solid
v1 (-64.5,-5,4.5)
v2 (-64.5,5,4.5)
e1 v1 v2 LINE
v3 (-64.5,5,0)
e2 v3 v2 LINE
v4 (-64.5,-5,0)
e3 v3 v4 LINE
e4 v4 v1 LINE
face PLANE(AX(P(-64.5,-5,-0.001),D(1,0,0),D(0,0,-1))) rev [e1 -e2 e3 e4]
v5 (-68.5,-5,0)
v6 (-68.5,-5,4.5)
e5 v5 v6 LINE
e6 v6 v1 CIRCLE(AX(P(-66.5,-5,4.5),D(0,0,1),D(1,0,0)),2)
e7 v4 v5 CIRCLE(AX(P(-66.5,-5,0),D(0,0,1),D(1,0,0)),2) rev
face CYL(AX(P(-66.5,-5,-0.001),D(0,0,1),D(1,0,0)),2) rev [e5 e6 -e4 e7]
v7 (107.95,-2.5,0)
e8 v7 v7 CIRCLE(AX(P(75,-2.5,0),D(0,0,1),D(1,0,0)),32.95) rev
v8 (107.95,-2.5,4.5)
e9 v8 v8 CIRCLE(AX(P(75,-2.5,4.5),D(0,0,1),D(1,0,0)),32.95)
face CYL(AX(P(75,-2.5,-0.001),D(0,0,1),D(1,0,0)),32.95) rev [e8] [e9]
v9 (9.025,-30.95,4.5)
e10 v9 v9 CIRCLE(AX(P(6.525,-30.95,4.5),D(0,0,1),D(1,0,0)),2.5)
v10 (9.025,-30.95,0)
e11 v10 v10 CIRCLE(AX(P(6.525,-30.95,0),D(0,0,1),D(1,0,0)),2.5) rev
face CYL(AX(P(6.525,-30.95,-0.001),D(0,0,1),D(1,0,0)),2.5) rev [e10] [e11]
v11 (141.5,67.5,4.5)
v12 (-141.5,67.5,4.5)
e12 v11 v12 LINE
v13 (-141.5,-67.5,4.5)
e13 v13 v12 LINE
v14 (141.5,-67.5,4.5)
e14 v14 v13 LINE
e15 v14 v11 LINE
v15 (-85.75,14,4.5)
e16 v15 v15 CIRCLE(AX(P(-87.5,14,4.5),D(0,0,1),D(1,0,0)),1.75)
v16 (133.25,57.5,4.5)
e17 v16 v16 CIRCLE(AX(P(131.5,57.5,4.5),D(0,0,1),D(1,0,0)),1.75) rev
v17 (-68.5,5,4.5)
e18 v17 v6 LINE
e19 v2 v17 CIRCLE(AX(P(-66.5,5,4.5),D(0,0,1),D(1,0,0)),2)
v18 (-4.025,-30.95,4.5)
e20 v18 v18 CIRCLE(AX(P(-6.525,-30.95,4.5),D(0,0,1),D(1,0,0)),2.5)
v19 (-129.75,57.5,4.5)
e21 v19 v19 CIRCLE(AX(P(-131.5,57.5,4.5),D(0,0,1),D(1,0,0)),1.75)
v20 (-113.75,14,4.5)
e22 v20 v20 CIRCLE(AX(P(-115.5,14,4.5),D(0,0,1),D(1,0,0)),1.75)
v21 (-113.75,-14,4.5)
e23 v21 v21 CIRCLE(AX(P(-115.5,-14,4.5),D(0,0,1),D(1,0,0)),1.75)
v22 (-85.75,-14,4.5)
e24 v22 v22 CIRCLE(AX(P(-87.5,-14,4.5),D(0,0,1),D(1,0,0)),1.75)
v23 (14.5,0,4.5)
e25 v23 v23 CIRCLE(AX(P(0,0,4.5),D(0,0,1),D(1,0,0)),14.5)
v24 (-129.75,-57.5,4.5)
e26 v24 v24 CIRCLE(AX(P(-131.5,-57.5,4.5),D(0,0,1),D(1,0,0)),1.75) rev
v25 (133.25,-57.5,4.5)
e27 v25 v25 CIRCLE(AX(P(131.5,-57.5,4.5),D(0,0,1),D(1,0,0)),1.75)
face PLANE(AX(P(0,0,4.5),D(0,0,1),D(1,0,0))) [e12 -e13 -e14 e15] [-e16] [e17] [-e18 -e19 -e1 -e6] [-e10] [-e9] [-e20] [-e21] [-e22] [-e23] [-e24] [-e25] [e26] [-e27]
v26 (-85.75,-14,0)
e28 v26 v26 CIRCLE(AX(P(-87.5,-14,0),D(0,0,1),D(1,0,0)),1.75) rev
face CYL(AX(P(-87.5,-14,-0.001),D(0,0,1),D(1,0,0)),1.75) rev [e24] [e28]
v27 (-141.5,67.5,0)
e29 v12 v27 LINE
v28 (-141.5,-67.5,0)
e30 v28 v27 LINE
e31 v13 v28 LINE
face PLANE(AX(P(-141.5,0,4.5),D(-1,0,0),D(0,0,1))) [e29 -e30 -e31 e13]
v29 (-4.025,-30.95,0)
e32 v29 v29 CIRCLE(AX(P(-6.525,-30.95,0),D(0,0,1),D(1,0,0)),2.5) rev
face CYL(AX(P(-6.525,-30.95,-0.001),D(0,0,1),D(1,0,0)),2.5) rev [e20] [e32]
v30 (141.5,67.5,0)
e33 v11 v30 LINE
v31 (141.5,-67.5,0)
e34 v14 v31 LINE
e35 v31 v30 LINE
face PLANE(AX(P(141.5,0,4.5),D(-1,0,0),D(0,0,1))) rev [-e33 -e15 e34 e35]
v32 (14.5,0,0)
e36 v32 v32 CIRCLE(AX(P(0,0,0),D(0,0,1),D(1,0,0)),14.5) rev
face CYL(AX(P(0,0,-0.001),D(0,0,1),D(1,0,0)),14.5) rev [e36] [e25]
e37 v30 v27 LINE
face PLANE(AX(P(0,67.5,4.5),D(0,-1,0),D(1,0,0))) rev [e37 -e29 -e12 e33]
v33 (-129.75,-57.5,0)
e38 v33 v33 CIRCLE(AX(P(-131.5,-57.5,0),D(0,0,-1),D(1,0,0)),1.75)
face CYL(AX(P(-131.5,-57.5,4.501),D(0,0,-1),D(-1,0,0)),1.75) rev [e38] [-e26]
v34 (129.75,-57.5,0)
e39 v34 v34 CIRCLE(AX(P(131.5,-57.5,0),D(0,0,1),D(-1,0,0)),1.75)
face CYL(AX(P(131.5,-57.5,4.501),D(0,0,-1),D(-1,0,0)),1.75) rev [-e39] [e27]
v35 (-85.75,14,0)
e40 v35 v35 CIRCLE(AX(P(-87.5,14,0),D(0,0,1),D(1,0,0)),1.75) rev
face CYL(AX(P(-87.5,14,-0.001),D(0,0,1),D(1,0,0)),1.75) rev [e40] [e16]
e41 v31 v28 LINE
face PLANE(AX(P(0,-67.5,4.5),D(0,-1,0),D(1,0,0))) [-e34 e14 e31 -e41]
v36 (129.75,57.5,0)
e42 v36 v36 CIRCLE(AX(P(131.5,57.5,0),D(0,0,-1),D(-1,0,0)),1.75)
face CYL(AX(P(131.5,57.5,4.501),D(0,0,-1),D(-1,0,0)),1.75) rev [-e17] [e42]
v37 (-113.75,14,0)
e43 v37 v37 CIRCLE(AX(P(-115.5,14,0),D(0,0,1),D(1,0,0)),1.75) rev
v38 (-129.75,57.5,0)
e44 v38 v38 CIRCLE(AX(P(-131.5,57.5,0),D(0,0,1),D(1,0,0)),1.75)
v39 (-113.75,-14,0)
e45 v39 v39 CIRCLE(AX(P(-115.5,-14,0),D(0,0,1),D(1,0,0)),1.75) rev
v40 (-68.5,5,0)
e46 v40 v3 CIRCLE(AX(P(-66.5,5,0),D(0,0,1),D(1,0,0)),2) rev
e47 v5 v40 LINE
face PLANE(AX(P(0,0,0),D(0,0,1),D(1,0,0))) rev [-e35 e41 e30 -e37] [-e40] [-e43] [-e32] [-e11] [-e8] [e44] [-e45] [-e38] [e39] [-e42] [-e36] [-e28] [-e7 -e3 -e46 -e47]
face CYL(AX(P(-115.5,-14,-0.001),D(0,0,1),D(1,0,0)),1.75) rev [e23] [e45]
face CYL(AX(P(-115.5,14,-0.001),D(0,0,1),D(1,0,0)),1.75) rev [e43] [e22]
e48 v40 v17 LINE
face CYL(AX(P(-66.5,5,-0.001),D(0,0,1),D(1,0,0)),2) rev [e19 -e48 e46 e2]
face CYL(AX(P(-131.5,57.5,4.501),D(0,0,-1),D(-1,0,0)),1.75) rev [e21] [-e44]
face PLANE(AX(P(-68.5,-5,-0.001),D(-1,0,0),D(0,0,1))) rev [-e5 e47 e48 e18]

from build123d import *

# Parameters (mm, degrees)
SKETCH1_W               = 283
SKETCH1_H               = 135
BOSS_EXTRUDE1_DEPTH     = 4.5
CUT_EXTRUDE1_REACH      = 158.84
SKETCH1_3_R             = 1.75
MIRROR3_COPY_1_REACH    = 158.84
MIRROR3_COPY_1_SKETCH_R = 1.75
MIRROR3_COPY_2_REACH    = 158.84
MIRROR3_COPY_2_SKETCH_R = 1.75
CUT_EXTRUDE2_REACH      = 158.84
SKETCH2_R               = 1.75
CUT_EXTRUDE3_REACH      = 158.84
SKETCH3_R               = 32.95
SKETCH3_R_2             = 14.5
SKETCH3_R_3             = 2.5


with BuildPart() as part:
    # Sketch1 → Boss-Extrude1 (new body)
    with BuildSketch(Plane.XY):
        Rectangle(SKETCH1_W, SKETCH1_H)
    extrude(amount=BOSS_EXTRUDE1_DEPTH)

    # Sketch1<3> → Cut-Extrude1 (cut, up to next)
    with BuildSketch(Plane.XY, mode=Mode.PRIVATE) as cut_extrude1_sk1:
        with Locations((-131.5, 57.5)):
            Circle(SKETCH1_3_R)
    cut_extrude1_tool1 = extrude(cut_extrude1_sk1.sketch, amount=CUT_EXTRUDE1_REACH, mode=Mode.PRIVATE) & part.part
    cut_extrude1 = cut_extrude1_tool1.solids().sort_by_distance((-131.5, 57.5, 0))[0]
    add(cut_extrude1, mode=Mode.SUBTRACT)

    # Mirror2: Cut-Extrude1 across plane
    add(cut_extrude1.mirror(Plane.ZX), mode=Mode.SUBTRACT)

    # Mirror3 copy 1 sketch → Mirror3 copy 1 (cut, up to next)
    with BuildSketch(Plane(origin=(0, 0, 0), x_dir=(-1, 0, 0), z_dir=(0, 0, 1)), mode=Mode.PRIVATE) as mirror3_copy_1_sk1:
        with Locations((-131.5, 57.5)):
            Circle(MIRROR3_COPY_1_SKETCH_R)
    mirror3_copy_1_tool1 = extrude(mirror3_copy_1_sk1.sketch, amount=MIRROR3_COPY_1_REACH, mode=Mode.PRIVATE) & part.part
    add(mirror3_copy_1_tool1.solids().sort_by_distance((131.5, -57.5, 0))[0], mode=Mode.SUBTRACT)

    # Mirror3 copy 2 sketch → Mirror3 copy 2 (cut, up to next)
    with BuildSketch(Plane(origin=(0, 0, 0), x_dir=(-1, 0, 0), z_dir=(0, 0, 1)), mode=Mode.PRIVATE) as mirror3_copy_2_sk1:
        with Locations((-131.5, -57.5)):
            Circle(MIRROR3_COPY_2_SKETCH_R)
    mirror3_copy_2_tool1 = extrude(mirror3_copy_2_sk1.sketch, amount=MIRROR3_COPY_2_REACH, mode=Mode.PRIVATE) & part.part
    add(mirror3_copy_2_tool1.solids().sort_by_distance((131.5, 57.5, 0))[0], mode=Mode.SUBTRACT)

    # Sketch2 → Cut-Extrude2 (cut, up to next)
    with BuildSketch(Plane.XY.offset(4.5), mode=Mode.PRIVATE) as cut_extrude2_sk1:
        with Locations((-87.5, -14)):
            Circle(SKETCH2_R)
    cut_extrude2_tool1 = extrude(cut_extrude2_sk1.sketch, amount=-CUT_EXTRUDE2_REACH, mode=Mode.PRIVATE) & part.part
    # Sketch2 → Cut-Extrude2 (cut, up to next)
    with BuildSketch(Plane.XY.offset(4.5), mode=Mode.PRIVATE) as cut_extrude2_sk2:
        with Locations((-115.5, -14)):
            Circle(SKETCH2_R)
    cut_extrude2_tool2 = extrude(cut_extrude2_sk2.sketch, amount=-CUT_EXTRUDE2_REACH, mode=Mode.PRIVATE) & part.part
    # Sketch2 → Cut-Extrude2 (cut, up to next)
    with BuildSketch(Plane.XY.offset(4.5), mode=Mode.PRIVATE) as cut_extrude2_sk3:
        with Locations((-115.5, 14)):
            Circle(SKETCH2_R)
    cut_extrude2_tool3 = extrude(cut_extrude2_sk3.sketch, amount=-CUT_EXTRUDE2_REACH, mode=Mode.PRIVATE) & part.part
    # Sketch2 → Cut-Extrude2 (cut, up to next)
    with BuildSketch(Plane.XY.offset(4.5), mode=Mode.PRIVATE) as cut_extrude2_sk4:
        with Locations((-87.5, 14)):
            Circle(SKETCH2_R)
    cut_extrude2_tool4 = extrude(cut_extrude2_sk4.sketch, amount=-CUT_EXTRUDE2_REACH, mode=Mode.PRIVATE) & part.part
    # Sketch2 → Cut-Extrude2 (cut, up to next)
    with BuildSketch(Plane.XY.offset(4.5), mode=Mode.PRIVATE) as cut_extrude2_sk5:
        with BuildLine():
            Line((-68.5, -5), (-68.5, 5))
            ThreePointArc((-68.5, 5), (-66.5, 7), (-64.5, 5))
            Line((-64.5, 5), (-64.5, -5))
            ThreePointArc((-64.5, -5), (-66.5, -7), (-68.5, -5))
        make_face()
    cut_extrude2_tool5 = extrude(cut_extrude2_sk5.sketch, amount=-CUT_EXTRUDE2_REACH, mode=Mode.PRIVATE) & part.part
    add(cut_extrude2_tool1.solids().sort_by_distance((-87.5, -14, 4.5))[0], mode=Mode.SUBTRACT)
    add(cut_extrude2_tool2.solids().sort_by_distance((-115.5, -14, 4.5))[0], mode=Mode.SUBTRACT)
    add(cut_extrude2_tool3.solids().sort_by_distance((-115.5, 14, 4.5))[0], mode=Mode.SUBTRACT)
    add(cut_extrude2_tool4.solids().sort_by_distance((-87.5, 14, 4.5))[0], mode=Mode.SUBTRACT)
    add(cut_extrude2_tool5.solids().sort_by_distance((-66.5, 0, 4.5))[0], mode=Mode.SUBTRACT)

    # Sketch3 → Cut-Extrude3 (cut, up to next)
    with BuildSketch(Plane.XY.offset(4.5), mode=Mode.PRIVATE) as cut_extrude3_sk1:
        with Locations((75, -2.5)):
            Circle(SKETCH3_R)
    cut_extrude3_tool1 = extrude(cut_extrude3_sk1.sketch, amount=-CUT_EXTRUDE3_REACH, mode=Mode.PRIVATE) & part.part
    # Sketch3 → Cut-Extrude3 (cut, up to next)
    with BuildSketch(Plane.XY.offset(4.5), mode=Mode.PRIVATE) as cut_extrude3_sk2:
        Circle(SKETCH3_R_2)
    cut_extrude3_tool2 = extrude(cut_extrude3_sk2.sketch, amount=-CUT_EXTRUDE3_REACH, mode=Mode.PRIVATE) & part.part
    # Sketch3 → Cut-Extrude3 (cut, up to next)
    with BuildSketch(Plane.XY.offset(4.5), mode=Mode.PRIVATE) as cut_extrude3_sk3:
        with Locations((-6.525, -30.95)):
            Circle(SKETCH3_R_3)
    cut_extrude3_tool3 = extrude(cut_extrude3_sk3.sketch, amount=-CUT_EXTRUDE3_REACH, mode=Mode.PRIVATE) & part.part
    # Sketch3 → Cut-Extrude3 (cut, up to next)
    with BuildSketch(Plane.XY.offset(4.5), mode=Mode.PRIVATE) as cut_extrude3_sk4:
        with Locations((6.525, -30.95)):
            Circle(SKETCH3_R_3)
    cut_extrude3_tool4 = extrude(cut_extrude3_sk4.sketch, amount=-CUT_EXTRUDE3_REACH, mode=Mode.PRIVATE) & part.part
    add(cut_extrude3_tool1.solids().sort_by_distance((75, -2.5, 4.5))[0], mode=Mode.SUBTRACT)
    add(cut_extrude3_tool2.solids().sort_by_distance((0, 0, 4.5))[0], mode=Mode.SUBTRACT)
    add(cut_extrude3_tool3.solids().sort_by_distance((-6.525, -30.95, 4.5))[0], mode=Mode.SUBTRACT)
    add(cut_extrude3_tool4.solids().sort_by_distance((6.525, -30.95, 4.5))[0], mode=Mode.SUBTRACT)


solid = part.part
